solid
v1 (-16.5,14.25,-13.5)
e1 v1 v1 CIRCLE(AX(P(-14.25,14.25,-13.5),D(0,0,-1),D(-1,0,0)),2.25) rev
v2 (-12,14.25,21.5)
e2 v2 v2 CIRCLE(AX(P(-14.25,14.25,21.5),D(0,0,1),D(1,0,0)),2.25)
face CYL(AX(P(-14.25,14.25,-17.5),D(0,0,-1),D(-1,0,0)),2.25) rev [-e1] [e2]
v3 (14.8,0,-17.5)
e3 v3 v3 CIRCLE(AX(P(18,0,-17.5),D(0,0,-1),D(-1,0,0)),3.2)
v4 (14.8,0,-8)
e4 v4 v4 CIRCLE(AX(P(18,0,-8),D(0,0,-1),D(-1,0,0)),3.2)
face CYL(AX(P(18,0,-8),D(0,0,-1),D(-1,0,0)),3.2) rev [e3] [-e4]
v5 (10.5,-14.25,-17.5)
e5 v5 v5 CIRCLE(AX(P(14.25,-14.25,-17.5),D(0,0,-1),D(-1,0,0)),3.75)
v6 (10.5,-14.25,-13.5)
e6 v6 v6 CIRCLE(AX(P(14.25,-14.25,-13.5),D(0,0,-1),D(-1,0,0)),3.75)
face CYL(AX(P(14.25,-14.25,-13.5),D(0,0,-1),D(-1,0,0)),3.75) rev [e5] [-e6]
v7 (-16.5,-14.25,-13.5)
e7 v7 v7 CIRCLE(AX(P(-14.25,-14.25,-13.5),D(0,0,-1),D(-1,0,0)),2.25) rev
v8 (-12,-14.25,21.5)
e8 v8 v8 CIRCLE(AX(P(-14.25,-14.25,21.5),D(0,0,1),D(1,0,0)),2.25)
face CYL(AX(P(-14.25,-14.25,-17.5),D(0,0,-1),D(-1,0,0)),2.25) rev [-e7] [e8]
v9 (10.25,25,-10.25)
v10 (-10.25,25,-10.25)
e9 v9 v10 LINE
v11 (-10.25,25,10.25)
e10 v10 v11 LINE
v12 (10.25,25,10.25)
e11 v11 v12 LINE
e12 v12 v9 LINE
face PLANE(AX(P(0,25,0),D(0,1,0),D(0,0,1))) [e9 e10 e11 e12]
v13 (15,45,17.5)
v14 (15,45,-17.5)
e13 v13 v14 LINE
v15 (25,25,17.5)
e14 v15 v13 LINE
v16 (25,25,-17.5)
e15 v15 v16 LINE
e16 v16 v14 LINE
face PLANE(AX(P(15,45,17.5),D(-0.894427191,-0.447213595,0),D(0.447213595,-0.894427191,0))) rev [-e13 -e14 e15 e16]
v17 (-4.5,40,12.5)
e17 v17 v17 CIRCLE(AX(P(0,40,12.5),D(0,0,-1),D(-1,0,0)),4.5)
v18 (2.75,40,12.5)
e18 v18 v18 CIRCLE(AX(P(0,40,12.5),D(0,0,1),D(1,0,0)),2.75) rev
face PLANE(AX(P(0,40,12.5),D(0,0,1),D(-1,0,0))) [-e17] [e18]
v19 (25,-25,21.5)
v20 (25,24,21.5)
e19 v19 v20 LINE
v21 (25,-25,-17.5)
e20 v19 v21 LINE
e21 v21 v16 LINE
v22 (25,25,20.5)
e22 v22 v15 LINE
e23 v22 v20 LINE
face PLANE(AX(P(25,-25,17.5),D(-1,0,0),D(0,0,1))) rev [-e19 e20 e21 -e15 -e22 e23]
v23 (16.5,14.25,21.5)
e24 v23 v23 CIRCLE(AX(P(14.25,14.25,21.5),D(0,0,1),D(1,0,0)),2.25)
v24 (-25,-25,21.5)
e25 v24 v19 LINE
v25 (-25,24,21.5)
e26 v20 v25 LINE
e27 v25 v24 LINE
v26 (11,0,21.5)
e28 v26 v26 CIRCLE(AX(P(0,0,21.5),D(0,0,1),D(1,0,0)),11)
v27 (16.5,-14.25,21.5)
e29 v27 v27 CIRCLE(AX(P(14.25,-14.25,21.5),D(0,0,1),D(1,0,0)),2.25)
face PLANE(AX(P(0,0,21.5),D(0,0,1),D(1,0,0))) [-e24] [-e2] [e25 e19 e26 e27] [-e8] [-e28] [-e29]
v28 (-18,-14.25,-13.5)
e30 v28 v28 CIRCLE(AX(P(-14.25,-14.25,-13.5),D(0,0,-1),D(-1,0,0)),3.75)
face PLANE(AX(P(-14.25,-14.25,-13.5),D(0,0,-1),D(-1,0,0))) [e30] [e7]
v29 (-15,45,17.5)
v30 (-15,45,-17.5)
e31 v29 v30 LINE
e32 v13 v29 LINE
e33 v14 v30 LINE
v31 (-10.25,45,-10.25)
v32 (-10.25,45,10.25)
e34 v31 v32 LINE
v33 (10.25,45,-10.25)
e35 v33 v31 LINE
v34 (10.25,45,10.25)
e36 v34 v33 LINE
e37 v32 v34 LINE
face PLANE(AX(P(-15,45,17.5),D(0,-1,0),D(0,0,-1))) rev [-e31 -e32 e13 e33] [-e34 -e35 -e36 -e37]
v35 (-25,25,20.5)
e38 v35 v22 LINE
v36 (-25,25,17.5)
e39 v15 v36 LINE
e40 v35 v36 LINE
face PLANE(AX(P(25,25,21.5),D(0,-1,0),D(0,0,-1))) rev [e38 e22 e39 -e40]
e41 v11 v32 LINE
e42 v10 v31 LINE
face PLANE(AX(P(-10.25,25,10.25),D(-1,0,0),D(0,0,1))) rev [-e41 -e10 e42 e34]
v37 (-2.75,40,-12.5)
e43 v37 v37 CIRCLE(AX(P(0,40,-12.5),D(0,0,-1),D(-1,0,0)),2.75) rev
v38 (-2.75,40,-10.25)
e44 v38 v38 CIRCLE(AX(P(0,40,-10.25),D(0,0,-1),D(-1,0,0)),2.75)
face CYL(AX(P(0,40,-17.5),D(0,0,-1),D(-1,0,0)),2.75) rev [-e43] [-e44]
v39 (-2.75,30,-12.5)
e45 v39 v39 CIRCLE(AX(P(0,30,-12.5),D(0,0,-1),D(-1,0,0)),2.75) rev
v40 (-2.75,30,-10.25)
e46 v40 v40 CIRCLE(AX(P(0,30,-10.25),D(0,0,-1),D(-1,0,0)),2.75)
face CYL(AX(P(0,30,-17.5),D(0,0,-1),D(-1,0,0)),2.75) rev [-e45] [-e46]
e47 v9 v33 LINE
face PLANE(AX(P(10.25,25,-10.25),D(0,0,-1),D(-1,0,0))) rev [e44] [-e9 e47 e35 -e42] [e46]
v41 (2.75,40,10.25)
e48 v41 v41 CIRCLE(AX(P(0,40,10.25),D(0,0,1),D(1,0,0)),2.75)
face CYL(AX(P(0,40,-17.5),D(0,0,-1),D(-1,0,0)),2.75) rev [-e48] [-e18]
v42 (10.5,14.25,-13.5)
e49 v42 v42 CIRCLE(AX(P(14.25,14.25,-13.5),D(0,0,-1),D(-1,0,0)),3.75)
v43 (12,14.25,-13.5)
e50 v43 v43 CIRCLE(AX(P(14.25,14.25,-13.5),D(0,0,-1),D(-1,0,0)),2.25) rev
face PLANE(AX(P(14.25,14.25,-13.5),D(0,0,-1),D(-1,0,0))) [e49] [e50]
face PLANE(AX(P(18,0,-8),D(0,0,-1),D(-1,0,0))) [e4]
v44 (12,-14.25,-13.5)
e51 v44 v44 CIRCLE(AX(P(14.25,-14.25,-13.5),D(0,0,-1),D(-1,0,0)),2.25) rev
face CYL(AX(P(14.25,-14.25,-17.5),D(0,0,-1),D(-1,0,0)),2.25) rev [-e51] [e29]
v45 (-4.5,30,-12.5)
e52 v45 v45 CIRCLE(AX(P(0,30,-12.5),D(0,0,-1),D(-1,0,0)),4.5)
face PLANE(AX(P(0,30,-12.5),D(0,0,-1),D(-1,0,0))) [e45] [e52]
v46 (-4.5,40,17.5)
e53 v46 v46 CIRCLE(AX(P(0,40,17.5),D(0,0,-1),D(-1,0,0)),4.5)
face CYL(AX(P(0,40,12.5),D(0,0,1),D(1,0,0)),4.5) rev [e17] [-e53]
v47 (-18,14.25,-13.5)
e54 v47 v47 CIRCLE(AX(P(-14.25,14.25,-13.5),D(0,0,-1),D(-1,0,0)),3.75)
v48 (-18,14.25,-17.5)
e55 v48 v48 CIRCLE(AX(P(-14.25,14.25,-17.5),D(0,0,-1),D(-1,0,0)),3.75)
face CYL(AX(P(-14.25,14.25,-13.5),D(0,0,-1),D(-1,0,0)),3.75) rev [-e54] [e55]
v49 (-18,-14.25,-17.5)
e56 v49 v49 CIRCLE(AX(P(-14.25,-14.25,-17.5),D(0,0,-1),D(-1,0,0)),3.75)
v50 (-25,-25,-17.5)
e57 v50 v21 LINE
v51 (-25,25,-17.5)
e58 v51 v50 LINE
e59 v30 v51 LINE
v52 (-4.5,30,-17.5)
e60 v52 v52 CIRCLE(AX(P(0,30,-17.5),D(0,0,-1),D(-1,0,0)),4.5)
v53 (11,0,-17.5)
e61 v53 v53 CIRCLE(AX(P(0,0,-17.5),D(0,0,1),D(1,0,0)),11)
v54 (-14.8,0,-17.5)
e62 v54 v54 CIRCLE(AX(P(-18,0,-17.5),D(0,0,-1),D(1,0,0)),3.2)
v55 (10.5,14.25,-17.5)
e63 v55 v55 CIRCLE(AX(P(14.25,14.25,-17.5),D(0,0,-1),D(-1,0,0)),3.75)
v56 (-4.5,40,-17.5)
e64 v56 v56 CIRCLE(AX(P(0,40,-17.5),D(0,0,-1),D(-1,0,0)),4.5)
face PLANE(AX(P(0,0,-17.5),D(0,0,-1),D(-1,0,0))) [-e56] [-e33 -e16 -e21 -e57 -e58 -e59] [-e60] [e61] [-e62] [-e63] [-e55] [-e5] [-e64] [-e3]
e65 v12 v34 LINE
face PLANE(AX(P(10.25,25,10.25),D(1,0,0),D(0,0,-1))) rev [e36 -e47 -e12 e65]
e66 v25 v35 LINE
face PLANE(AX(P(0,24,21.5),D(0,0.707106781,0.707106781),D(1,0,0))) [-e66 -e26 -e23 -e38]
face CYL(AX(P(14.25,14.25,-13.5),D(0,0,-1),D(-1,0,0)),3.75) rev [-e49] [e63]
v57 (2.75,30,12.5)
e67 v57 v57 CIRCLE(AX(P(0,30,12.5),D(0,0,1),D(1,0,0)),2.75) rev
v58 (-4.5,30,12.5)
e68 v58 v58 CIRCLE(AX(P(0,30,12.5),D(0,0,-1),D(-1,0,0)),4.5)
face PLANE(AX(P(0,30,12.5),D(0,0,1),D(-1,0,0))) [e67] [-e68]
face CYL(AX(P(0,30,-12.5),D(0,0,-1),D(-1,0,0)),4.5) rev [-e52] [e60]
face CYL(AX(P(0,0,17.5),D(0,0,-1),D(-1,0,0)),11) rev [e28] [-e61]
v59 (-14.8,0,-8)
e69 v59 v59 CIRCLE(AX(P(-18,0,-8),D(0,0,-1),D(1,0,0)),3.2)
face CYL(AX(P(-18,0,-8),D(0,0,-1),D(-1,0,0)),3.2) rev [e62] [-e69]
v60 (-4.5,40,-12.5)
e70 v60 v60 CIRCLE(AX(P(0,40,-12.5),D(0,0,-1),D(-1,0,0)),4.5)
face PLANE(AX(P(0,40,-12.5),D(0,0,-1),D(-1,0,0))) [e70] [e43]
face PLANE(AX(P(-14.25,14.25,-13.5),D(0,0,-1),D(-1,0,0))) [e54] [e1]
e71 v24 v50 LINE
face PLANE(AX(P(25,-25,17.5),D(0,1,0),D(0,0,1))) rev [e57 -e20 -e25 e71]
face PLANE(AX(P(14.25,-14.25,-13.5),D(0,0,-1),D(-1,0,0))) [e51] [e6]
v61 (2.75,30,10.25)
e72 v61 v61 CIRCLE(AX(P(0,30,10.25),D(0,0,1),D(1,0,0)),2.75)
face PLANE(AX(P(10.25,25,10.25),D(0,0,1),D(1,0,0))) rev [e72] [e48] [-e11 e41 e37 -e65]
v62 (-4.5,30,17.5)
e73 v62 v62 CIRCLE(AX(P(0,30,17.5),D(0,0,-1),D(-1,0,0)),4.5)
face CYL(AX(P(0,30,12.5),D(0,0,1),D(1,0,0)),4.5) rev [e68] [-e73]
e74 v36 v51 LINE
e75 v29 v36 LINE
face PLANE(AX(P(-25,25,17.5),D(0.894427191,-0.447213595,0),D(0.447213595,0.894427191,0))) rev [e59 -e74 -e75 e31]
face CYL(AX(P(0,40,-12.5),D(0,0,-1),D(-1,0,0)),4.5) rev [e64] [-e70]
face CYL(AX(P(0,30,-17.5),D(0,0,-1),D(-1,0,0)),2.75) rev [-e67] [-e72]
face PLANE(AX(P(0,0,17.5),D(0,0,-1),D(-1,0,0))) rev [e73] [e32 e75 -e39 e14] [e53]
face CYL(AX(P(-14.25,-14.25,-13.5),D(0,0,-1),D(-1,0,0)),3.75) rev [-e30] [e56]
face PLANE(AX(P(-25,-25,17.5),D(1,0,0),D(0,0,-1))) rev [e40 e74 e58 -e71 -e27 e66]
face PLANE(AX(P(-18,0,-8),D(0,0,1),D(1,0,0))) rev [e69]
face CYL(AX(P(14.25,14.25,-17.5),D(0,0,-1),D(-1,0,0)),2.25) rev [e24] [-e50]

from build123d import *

# Parameters (mm, degrees)
SKETCH1_R            = 11
BODY_DEPTH           = 17.5
SKETCH4_W            = 20.5
SKETCH4_H            = 20.5
PROFIL_HOLE_DEPTH    = 20
M4_CLEARANCE_HOLE1_D = 4.5
M5_CLEARANCE_HOLE1_D = 5.5
ELEVATION_START      = 4
SKETCH10_W           = 50
SKETCH10_H           = 50
SKETCH10_R           = 2.25
SKETCH10_R_2         = 11
ELEVATION_DEPTH      = 4
SKETCH11_R           = 3.2
INSERTS_HOLES_DEPTH  = 9.5
SKETCH12_R           = 4.5
M5_VIS_PLACE_DEPTH   = 5
SKETCH13_R           = 3.75
M4_SCREW_PLACE_DEPTH = 4
CHAMFER1_SIZE        = 1


with BuildPart() as part:
    # Sketch1 → Body (new, symmetric)
    with BuildSketch(Plane.XY):
        Polygon((-25, 25), (-15, 45), (15, 45), (25, 25), (25, -25), (-25, -25), align=None)
        Circle(SKETCH1_R, mode=Mode.SUBTRACT)
    extrude(amount=BODY_DEPTH, both=True)

    # Sketch4 → Profil_Hole (cut)
    with BuildSketch(Plane(origin=(0, 45, 0), x_dir=(1, 0, 0), z_dir=(0, 1, 0))):
        Rectangle(SKETCH4_W, SKETCH4_H)
    extrude(amount=-PROFIL_HOLE_DEPTH, mode=Mode.SUBTRACT)

    # M4 Clearance Hole1 (through all)
    with Locations(Plane(origin=(0, 0, -17.5), x_dir=(-1, 0, 0), z_dir=(0, 0, -1))):
        with Locations((0, 0), (-14.25, 14.25), (14.25, -14.25), (14.25, 14.25), (-14.25, -14.25)):
            Hole(M4_CLEARANCE_HOLE1_D / 2)

    # M5 Clearance Hole1 (through all)
    with Locations(Plane(origin=(0, 0, -17.5), x_dir=(-1, 0, 0), z_dir=(0, 0, -1))):
        with Locations((0, 40), (0, 30)):
            Hole(M5_CLEARANCE_HOLE1_D / 2)

    # Sketch10 → Elevation (add)
    with BuildSketch(Plane.XY.offset(17.5).offset(ELEVATION_START)):
        Rectangle(SKETCH10_W, SKETCH10_H)
        with Locations(Location((-14.25, -14.25, 0), (0, 0, 180))):
            Circle(SKETCH10_R, mode=Mode.SUBTRACT)
        with Locations(Location((14.25, -14.25, 0), (0, 0, 180))):
            Circle(SKETCH10_R, mode=Mode.SUBTRACT)
        with Locations(Location((14.25, 14.25, 0), (0, 0, 180))):
            Circle(SKETCH10_R, mode=Mode.SUBTRACT)
        Circle(SKETCH10_R_2, mode=Mode.SUBTRACT)
        with Locations(Location((-14.25, 14.25, 0), (0, 0, 180))):
            Circle(SKETCH10_R, mode=Mode.SUBTRACT)
    extrude(amount=-ELEVATION_DEPTH)

    # Sketch11 → Inserts_Holes (cut)
    with BuildSketch(Plane(origin=(0, 0, -17.5), x_dir=(-1, 0, 0), z_dir=(0, 0, -1))):
        with Locations((-18, 0)):
            Circle(SKETCH11_R)
        with Locations(Location((18, 0, 0), (0, 0, 180))):
            Circle(SKETCH11_R)
    extrude(amount=-INSERTS_HOLES_DEPTH, mode=Mode.SUBTRACT)

    # Sketch12 → M5_Vis_Place (cut)
    with BuildSketch(Plane(origin=(0, 0, -17.5), x_dir=(-1, 0, 0), z_dir=(0, 0, -1))):
        with Locations((0, 40)):
            Circle(SKETCH12_R)
        with Locations((0, 30)):
            Circle(SKETCH12_R)
    m5_vis_place = extrude(amount=-M5_VIS_PLACE_DEPTH, mode=Mode.SUBTRACT)

    # Mirror1: M5_Vis_Place across plane
    add(m5_vis_place.mirror(Plane.XY), mode=Mode.SUBTRACT)

    # Sketch13 → M4_Screw_Place (cut)
    with BuildSketch(Plane(origin=(0, 0, -17.5), x_dir=(-1, 0, 0), z_dir=(0, 0, -1))):
        with Locations((-14.25, 14.25)):
            Circle(SKETCH13_R)
        with Locations((14.25, 14.25)):
            Circle(SKETCH13_R)
        with Locations((14.25, -14.25)):
            Circle(SKETCH13_R)
        with Locations((-14.25, -14.25)):
            Circle(SKETCH13_R)
    extrude(amount=-M4_SCREW_PLACE_DEPTH, mode=Mode.SUBTRACT)

    # Chamfer1
    chamfer1_edges = [part.edges().sort_by_distance(p)[0] for p in [
        (0, 25, 21.5),
    ]]
    chamfer(chamfer1_edges, length=CHAMFER1_SIZE)


solid = part.part
